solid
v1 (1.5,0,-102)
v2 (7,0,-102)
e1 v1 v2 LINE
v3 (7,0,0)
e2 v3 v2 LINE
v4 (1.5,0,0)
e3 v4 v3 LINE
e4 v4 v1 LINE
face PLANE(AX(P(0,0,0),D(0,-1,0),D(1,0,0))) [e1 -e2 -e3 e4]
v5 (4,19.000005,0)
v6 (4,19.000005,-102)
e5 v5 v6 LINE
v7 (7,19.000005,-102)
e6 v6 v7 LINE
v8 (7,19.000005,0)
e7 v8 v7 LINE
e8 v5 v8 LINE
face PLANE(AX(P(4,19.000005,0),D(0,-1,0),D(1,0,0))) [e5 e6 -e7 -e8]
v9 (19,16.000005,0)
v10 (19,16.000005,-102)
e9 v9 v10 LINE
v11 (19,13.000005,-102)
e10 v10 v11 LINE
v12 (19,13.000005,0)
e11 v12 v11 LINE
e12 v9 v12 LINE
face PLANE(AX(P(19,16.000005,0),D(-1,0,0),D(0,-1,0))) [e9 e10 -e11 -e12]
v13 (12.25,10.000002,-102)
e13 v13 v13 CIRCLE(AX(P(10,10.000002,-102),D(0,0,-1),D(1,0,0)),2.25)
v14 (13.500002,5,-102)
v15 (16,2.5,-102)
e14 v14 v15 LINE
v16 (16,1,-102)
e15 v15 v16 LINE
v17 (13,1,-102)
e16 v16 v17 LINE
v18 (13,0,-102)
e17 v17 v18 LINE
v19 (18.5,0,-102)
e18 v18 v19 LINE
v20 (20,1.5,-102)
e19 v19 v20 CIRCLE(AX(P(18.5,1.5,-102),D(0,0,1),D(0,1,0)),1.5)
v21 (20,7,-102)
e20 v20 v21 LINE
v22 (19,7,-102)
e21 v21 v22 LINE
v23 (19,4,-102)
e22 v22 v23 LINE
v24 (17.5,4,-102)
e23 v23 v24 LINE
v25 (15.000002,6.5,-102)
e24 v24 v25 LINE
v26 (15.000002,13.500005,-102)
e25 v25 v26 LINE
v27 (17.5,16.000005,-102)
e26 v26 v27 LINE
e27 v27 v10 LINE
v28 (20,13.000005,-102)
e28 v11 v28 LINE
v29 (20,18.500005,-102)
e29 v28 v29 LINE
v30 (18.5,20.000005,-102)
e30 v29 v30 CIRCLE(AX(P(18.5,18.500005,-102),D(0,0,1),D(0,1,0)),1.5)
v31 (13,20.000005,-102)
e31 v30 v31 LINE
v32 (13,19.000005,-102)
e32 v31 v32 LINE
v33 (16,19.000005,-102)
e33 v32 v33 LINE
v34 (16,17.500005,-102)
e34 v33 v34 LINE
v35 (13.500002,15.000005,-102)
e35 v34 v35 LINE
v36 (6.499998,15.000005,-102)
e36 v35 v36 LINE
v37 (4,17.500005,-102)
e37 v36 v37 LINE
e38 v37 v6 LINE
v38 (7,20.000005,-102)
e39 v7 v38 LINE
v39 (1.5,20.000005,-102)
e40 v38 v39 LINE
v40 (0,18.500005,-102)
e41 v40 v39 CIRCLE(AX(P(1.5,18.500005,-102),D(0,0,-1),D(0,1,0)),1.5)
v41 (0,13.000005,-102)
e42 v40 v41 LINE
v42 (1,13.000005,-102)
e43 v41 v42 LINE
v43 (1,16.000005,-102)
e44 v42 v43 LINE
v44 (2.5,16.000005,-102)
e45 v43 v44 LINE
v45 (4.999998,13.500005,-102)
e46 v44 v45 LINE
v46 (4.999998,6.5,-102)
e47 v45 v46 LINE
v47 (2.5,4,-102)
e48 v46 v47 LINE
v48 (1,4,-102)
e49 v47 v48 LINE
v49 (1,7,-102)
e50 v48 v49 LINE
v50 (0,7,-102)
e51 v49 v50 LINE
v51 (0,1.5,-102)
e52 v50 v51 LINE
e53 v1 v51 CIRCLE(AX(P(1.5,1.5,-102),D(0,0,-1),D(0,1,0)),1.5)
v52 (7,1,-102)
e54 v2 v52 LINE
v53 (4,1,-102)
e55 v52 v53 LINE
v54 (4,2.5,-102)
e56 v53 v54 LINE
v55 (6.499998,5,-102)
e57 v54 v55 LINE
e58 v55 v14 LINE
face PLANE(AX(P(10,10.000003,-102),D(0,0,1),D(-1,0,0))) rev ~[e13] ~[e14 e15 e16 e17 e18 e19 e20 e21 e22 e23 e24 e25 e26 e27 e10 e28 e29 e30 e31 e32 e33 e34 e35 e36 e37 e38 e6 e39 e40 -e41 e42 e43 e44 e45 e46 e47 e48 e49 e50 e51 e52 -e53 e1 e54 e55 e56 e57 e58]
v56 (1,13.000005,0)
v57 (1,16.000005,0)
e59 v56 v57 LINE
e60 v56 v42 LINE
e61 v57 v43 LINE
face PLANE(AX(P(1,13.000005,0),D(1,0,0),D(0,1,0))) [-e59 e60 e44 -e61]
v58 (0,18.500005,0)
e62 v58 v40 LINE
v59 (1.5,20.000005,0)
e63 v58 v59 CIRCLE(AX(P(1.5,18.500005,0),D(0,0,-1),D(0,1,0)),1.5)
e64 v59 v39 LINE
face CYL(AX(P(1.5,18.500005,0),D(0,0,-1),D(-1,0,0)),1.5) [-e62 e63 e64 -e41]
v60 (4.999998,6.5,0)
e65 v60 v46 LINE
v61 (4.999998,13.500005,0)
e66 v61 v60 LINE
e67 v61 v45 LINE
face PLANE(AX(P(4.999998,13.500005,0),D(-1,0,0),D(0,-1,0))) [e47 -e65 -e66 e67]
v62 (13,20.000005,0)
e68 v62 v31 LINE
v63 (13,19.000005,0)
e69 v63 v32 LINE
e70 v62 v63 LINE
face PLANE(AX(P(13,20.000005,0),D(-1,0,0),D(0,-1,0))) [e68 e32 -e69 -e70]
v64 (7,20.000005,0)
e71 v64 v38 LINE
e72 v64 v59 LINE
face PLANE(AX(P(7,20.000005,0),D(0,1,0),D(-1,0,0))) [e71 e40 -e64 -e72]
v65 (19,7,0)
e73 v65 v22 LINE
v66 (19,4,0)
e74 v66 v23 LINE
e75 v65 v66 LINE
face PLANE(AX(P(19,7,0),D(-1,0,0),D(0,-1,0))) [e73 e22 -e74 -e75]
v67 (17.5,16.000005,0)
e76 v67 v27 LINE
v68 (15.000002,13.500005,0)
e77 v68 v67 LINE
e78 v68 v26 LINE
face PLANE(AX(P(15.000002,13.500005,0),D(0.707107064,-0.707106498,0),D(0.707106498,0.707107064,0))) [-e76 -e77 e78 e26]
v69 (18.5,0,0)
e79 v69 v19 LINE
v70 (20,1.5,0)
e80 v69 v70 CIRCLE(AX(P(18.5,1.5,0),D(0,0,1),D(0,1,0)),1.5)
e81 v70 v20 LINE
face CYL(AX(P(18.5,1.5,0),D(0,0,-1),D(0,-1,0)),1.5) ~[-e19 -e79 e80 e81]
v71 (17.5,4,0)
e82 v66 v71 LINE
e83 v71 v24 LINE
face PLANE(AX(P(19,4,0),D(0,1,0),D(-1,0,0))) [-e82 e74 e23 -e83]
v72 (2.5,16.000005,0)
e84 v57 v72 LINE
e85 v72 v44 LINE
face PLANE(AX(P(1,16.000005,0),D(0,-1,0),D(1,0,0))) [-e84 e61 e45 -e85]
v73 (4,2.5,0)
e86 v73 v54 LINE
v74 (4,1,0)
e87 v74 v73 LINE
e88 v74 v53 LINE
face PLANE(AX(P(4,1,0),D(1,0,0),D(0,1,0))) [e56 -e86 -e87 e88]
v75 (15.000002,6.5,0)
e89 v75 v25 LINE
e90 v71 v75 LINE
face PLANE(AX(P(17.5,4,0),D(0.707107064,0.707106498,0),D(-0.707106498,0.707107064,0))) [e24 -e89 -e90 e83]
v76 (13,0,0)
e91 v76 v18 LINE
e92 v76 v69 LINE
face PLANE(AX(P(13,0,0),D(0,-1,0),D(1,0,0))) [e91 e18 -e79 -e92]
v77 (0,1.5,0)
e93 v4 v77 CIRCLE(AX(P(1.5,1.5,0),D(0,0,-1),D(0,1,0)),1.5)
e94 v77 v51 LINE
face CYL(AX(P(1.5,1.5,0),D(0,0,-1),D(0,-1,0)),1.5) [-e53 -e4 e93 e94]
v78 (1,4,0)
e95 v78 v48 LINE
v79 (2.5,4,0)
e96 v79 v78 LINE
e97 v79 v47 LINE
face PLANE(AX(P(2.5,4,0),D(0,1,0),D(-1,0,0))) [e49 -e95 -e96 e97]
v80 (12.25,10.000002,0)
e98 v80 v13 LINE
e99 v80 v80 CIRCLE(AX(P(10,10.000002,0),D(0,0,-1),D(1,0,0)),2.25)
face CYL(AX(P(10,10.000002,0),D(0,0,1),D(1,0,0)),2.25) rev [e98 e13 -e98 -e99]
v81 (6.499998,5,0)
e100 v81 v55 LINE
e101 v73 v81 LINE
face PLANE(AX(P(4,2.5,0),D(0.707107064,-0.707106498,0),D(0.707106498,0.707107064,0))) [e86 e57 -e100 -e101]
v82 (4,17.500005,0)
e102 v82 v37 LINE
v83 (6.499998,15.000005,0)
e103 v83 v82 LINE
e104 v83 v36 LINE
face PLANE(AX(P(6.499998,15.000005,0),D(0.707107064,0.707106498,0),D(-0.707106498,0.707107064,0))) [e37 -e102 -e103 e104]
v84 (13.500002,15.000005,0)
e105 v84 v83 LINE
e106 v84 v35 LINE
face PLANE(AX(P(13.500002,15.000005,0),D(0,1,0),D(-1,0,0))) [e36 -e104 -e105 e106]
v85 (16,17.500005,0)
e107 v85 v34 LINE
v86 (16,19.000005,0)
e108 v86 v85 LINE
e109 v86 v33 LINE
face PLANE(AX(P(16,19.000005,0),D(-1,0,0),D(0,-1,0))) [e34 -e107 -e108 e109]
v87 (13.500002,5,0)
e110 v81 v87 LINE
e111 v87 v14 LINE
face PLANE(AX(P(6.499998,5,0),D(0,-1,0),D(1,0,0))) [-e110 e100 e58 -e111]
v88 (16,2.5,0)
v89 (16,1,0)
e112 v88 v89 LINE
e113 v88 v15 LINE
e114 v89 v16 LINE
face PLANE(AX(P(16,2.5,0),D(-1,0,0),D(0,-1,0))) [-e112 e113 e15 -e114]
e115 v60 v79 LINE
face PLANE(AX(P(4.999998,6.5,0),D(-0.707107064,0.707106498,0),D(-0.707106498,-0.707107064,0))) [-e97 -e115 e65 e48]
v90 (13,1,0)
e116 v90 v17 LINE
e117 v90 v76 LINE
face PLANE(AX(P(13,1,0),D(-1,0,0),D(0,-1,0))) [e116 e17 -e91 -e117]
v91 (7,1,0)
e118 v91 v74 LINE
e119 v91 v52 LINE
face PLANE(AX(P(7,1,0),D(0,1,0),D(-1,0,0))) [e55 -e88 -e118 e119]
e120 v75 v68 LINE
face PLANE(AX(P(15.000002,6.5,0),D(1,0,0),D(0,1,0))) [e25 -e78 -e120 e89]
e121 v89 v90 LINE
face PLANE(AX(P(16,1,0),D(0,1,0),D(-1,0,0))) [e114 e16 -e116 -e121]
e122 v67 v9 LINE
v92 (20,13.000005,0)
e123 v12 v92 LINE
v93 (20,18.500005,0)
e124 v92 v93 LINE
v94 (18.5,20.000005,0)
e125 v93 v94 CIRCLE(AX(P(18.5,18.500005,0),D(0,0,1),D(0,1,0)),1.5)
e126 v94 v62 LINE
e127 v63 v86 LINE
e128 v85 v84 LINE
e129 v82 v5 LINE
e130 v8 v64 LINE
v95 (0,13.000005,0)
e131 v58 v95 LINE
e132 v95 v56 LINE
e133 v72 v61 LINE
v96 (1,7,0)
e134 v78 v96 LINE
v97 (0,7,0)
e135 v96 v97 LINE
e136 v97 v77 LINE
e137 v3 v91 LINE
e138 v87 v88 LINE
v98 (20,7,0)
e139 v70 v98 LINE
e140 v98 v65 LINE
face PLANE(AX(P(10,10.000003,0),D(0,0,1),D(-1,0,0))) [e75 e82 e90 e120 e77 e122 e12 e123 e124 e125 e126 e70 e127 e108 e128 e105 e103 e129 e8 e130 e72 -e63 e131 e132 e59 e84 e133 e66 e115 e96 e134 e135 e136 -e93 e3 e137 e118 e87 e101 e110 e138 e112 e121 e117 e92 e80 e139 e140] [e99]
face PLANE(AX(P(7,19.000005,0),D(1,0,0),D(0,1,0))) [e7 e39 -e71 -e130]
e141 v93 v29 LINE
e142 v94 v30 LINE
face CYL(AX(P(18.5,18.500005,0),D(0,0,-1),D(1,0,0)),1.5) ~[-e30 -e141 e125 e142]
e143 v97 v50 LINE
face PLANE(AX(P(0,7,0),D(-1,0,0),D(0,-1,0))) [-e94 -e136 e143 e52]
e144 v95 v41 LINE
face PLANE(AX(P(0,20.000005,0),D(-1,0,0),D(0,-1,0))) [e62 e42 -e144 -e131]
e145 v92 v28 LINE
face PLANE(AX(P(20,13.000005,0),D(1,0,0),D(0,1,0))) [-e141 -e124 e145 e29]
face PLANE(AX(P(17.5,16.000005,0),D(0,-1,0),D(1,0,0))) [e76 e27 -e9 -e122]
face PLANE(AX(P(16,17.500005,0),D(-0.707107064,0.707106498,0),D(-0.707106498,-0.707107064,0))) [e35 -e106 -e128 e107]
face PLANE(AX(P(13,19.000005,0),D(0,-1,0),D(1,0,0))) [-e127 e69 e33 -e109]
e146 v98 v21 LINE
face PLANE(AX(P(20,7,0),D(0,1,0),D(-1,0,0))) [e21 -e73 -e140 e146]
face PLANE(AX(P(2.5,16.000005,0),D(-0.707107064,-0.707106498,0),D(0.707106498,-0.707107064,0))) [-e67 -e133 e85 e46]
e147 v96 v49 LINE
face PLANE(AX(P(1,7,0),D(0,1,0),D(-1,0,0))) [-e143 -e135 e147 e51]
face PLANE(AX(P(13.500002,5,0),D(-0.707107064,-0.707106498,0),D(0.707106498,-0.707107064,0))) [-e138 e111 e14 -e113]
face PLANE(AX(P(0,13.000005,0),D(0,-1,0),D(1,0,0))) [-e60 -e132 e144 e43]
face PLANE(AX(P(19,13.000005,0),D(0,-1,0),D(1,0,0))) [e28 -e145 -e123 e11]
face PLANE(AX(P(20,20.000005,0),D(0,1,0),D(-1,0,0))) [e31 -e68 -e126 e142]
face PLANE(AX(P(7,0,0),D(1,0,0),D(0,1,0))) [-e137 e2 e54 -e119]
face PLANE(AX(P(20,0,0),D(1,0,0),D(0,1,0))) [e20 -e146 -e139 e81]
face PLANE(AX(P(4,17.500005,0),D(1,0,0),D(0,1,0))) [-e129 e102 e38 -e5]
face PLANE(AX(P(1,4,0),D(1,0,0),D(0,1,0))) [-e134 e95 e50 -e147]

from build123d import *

# Parameters (mm, degrees)
SKETCH_R  = 2.25
PAD_DEPTH = 102
FILLET_R  = 1.5


with BuildPart() as part:
    # Sketch → Pad (new body)
    with BuildSketch(Plane(origin=(0, 0, 0), x_dir=(1, 0, 0), z_dir=(0, 0, -1))):
        Polygon((7, 0), (7, -1), (4, -1), (4, -2.5), (6.499998, -5), (13.500002, -5), (16, -2.5), (16, -1), (13, -1), (13, 0), (20, 0), (20, -7), (19, -7), (19, -4), (17.5, -4), (15.000002, -6.5), (15.000002, -13.500005), (17.5, -16.000005), (19, -16.000005), (19, -13.000005), (20, -13.000005), (20, -20.000005), (13, -20.000005), (13, -19.000005), (16, -19.000005), (16, -17.500005), (13.500002, -15.000005), (6.499998, -15.000005), (4, -17.500005), (4, -19.000005), (7, -19.000005), (7, -20.000005), (0, -20.000005), (0, -13.000005), (1, -13.000005), (1, -16.000005), (2.5, -16.000005), (4.999998, -13.500005), (4.999998, -6.5), (2.5, -4), (1, -4), (1, -7), (0, -7), (0, 0), align=None)
        with Locations((10, -10.000002)):
            Circle(SKETCH_R, mode=Mode.SUBTRACT)
    extrude(amount=PAD_DEPTH)

    # Fillet
    fillet_edges = [part.edges().sort_by_distance(p)[0] for p in [
        (20, 20.000005, -51),
        (20, 0, -51),
        (0, 20.000005, -51),
        (0, 0, -51),
    ]]
    fillet(fillet_edges, radius=FILLET_R)


solid = part.part
